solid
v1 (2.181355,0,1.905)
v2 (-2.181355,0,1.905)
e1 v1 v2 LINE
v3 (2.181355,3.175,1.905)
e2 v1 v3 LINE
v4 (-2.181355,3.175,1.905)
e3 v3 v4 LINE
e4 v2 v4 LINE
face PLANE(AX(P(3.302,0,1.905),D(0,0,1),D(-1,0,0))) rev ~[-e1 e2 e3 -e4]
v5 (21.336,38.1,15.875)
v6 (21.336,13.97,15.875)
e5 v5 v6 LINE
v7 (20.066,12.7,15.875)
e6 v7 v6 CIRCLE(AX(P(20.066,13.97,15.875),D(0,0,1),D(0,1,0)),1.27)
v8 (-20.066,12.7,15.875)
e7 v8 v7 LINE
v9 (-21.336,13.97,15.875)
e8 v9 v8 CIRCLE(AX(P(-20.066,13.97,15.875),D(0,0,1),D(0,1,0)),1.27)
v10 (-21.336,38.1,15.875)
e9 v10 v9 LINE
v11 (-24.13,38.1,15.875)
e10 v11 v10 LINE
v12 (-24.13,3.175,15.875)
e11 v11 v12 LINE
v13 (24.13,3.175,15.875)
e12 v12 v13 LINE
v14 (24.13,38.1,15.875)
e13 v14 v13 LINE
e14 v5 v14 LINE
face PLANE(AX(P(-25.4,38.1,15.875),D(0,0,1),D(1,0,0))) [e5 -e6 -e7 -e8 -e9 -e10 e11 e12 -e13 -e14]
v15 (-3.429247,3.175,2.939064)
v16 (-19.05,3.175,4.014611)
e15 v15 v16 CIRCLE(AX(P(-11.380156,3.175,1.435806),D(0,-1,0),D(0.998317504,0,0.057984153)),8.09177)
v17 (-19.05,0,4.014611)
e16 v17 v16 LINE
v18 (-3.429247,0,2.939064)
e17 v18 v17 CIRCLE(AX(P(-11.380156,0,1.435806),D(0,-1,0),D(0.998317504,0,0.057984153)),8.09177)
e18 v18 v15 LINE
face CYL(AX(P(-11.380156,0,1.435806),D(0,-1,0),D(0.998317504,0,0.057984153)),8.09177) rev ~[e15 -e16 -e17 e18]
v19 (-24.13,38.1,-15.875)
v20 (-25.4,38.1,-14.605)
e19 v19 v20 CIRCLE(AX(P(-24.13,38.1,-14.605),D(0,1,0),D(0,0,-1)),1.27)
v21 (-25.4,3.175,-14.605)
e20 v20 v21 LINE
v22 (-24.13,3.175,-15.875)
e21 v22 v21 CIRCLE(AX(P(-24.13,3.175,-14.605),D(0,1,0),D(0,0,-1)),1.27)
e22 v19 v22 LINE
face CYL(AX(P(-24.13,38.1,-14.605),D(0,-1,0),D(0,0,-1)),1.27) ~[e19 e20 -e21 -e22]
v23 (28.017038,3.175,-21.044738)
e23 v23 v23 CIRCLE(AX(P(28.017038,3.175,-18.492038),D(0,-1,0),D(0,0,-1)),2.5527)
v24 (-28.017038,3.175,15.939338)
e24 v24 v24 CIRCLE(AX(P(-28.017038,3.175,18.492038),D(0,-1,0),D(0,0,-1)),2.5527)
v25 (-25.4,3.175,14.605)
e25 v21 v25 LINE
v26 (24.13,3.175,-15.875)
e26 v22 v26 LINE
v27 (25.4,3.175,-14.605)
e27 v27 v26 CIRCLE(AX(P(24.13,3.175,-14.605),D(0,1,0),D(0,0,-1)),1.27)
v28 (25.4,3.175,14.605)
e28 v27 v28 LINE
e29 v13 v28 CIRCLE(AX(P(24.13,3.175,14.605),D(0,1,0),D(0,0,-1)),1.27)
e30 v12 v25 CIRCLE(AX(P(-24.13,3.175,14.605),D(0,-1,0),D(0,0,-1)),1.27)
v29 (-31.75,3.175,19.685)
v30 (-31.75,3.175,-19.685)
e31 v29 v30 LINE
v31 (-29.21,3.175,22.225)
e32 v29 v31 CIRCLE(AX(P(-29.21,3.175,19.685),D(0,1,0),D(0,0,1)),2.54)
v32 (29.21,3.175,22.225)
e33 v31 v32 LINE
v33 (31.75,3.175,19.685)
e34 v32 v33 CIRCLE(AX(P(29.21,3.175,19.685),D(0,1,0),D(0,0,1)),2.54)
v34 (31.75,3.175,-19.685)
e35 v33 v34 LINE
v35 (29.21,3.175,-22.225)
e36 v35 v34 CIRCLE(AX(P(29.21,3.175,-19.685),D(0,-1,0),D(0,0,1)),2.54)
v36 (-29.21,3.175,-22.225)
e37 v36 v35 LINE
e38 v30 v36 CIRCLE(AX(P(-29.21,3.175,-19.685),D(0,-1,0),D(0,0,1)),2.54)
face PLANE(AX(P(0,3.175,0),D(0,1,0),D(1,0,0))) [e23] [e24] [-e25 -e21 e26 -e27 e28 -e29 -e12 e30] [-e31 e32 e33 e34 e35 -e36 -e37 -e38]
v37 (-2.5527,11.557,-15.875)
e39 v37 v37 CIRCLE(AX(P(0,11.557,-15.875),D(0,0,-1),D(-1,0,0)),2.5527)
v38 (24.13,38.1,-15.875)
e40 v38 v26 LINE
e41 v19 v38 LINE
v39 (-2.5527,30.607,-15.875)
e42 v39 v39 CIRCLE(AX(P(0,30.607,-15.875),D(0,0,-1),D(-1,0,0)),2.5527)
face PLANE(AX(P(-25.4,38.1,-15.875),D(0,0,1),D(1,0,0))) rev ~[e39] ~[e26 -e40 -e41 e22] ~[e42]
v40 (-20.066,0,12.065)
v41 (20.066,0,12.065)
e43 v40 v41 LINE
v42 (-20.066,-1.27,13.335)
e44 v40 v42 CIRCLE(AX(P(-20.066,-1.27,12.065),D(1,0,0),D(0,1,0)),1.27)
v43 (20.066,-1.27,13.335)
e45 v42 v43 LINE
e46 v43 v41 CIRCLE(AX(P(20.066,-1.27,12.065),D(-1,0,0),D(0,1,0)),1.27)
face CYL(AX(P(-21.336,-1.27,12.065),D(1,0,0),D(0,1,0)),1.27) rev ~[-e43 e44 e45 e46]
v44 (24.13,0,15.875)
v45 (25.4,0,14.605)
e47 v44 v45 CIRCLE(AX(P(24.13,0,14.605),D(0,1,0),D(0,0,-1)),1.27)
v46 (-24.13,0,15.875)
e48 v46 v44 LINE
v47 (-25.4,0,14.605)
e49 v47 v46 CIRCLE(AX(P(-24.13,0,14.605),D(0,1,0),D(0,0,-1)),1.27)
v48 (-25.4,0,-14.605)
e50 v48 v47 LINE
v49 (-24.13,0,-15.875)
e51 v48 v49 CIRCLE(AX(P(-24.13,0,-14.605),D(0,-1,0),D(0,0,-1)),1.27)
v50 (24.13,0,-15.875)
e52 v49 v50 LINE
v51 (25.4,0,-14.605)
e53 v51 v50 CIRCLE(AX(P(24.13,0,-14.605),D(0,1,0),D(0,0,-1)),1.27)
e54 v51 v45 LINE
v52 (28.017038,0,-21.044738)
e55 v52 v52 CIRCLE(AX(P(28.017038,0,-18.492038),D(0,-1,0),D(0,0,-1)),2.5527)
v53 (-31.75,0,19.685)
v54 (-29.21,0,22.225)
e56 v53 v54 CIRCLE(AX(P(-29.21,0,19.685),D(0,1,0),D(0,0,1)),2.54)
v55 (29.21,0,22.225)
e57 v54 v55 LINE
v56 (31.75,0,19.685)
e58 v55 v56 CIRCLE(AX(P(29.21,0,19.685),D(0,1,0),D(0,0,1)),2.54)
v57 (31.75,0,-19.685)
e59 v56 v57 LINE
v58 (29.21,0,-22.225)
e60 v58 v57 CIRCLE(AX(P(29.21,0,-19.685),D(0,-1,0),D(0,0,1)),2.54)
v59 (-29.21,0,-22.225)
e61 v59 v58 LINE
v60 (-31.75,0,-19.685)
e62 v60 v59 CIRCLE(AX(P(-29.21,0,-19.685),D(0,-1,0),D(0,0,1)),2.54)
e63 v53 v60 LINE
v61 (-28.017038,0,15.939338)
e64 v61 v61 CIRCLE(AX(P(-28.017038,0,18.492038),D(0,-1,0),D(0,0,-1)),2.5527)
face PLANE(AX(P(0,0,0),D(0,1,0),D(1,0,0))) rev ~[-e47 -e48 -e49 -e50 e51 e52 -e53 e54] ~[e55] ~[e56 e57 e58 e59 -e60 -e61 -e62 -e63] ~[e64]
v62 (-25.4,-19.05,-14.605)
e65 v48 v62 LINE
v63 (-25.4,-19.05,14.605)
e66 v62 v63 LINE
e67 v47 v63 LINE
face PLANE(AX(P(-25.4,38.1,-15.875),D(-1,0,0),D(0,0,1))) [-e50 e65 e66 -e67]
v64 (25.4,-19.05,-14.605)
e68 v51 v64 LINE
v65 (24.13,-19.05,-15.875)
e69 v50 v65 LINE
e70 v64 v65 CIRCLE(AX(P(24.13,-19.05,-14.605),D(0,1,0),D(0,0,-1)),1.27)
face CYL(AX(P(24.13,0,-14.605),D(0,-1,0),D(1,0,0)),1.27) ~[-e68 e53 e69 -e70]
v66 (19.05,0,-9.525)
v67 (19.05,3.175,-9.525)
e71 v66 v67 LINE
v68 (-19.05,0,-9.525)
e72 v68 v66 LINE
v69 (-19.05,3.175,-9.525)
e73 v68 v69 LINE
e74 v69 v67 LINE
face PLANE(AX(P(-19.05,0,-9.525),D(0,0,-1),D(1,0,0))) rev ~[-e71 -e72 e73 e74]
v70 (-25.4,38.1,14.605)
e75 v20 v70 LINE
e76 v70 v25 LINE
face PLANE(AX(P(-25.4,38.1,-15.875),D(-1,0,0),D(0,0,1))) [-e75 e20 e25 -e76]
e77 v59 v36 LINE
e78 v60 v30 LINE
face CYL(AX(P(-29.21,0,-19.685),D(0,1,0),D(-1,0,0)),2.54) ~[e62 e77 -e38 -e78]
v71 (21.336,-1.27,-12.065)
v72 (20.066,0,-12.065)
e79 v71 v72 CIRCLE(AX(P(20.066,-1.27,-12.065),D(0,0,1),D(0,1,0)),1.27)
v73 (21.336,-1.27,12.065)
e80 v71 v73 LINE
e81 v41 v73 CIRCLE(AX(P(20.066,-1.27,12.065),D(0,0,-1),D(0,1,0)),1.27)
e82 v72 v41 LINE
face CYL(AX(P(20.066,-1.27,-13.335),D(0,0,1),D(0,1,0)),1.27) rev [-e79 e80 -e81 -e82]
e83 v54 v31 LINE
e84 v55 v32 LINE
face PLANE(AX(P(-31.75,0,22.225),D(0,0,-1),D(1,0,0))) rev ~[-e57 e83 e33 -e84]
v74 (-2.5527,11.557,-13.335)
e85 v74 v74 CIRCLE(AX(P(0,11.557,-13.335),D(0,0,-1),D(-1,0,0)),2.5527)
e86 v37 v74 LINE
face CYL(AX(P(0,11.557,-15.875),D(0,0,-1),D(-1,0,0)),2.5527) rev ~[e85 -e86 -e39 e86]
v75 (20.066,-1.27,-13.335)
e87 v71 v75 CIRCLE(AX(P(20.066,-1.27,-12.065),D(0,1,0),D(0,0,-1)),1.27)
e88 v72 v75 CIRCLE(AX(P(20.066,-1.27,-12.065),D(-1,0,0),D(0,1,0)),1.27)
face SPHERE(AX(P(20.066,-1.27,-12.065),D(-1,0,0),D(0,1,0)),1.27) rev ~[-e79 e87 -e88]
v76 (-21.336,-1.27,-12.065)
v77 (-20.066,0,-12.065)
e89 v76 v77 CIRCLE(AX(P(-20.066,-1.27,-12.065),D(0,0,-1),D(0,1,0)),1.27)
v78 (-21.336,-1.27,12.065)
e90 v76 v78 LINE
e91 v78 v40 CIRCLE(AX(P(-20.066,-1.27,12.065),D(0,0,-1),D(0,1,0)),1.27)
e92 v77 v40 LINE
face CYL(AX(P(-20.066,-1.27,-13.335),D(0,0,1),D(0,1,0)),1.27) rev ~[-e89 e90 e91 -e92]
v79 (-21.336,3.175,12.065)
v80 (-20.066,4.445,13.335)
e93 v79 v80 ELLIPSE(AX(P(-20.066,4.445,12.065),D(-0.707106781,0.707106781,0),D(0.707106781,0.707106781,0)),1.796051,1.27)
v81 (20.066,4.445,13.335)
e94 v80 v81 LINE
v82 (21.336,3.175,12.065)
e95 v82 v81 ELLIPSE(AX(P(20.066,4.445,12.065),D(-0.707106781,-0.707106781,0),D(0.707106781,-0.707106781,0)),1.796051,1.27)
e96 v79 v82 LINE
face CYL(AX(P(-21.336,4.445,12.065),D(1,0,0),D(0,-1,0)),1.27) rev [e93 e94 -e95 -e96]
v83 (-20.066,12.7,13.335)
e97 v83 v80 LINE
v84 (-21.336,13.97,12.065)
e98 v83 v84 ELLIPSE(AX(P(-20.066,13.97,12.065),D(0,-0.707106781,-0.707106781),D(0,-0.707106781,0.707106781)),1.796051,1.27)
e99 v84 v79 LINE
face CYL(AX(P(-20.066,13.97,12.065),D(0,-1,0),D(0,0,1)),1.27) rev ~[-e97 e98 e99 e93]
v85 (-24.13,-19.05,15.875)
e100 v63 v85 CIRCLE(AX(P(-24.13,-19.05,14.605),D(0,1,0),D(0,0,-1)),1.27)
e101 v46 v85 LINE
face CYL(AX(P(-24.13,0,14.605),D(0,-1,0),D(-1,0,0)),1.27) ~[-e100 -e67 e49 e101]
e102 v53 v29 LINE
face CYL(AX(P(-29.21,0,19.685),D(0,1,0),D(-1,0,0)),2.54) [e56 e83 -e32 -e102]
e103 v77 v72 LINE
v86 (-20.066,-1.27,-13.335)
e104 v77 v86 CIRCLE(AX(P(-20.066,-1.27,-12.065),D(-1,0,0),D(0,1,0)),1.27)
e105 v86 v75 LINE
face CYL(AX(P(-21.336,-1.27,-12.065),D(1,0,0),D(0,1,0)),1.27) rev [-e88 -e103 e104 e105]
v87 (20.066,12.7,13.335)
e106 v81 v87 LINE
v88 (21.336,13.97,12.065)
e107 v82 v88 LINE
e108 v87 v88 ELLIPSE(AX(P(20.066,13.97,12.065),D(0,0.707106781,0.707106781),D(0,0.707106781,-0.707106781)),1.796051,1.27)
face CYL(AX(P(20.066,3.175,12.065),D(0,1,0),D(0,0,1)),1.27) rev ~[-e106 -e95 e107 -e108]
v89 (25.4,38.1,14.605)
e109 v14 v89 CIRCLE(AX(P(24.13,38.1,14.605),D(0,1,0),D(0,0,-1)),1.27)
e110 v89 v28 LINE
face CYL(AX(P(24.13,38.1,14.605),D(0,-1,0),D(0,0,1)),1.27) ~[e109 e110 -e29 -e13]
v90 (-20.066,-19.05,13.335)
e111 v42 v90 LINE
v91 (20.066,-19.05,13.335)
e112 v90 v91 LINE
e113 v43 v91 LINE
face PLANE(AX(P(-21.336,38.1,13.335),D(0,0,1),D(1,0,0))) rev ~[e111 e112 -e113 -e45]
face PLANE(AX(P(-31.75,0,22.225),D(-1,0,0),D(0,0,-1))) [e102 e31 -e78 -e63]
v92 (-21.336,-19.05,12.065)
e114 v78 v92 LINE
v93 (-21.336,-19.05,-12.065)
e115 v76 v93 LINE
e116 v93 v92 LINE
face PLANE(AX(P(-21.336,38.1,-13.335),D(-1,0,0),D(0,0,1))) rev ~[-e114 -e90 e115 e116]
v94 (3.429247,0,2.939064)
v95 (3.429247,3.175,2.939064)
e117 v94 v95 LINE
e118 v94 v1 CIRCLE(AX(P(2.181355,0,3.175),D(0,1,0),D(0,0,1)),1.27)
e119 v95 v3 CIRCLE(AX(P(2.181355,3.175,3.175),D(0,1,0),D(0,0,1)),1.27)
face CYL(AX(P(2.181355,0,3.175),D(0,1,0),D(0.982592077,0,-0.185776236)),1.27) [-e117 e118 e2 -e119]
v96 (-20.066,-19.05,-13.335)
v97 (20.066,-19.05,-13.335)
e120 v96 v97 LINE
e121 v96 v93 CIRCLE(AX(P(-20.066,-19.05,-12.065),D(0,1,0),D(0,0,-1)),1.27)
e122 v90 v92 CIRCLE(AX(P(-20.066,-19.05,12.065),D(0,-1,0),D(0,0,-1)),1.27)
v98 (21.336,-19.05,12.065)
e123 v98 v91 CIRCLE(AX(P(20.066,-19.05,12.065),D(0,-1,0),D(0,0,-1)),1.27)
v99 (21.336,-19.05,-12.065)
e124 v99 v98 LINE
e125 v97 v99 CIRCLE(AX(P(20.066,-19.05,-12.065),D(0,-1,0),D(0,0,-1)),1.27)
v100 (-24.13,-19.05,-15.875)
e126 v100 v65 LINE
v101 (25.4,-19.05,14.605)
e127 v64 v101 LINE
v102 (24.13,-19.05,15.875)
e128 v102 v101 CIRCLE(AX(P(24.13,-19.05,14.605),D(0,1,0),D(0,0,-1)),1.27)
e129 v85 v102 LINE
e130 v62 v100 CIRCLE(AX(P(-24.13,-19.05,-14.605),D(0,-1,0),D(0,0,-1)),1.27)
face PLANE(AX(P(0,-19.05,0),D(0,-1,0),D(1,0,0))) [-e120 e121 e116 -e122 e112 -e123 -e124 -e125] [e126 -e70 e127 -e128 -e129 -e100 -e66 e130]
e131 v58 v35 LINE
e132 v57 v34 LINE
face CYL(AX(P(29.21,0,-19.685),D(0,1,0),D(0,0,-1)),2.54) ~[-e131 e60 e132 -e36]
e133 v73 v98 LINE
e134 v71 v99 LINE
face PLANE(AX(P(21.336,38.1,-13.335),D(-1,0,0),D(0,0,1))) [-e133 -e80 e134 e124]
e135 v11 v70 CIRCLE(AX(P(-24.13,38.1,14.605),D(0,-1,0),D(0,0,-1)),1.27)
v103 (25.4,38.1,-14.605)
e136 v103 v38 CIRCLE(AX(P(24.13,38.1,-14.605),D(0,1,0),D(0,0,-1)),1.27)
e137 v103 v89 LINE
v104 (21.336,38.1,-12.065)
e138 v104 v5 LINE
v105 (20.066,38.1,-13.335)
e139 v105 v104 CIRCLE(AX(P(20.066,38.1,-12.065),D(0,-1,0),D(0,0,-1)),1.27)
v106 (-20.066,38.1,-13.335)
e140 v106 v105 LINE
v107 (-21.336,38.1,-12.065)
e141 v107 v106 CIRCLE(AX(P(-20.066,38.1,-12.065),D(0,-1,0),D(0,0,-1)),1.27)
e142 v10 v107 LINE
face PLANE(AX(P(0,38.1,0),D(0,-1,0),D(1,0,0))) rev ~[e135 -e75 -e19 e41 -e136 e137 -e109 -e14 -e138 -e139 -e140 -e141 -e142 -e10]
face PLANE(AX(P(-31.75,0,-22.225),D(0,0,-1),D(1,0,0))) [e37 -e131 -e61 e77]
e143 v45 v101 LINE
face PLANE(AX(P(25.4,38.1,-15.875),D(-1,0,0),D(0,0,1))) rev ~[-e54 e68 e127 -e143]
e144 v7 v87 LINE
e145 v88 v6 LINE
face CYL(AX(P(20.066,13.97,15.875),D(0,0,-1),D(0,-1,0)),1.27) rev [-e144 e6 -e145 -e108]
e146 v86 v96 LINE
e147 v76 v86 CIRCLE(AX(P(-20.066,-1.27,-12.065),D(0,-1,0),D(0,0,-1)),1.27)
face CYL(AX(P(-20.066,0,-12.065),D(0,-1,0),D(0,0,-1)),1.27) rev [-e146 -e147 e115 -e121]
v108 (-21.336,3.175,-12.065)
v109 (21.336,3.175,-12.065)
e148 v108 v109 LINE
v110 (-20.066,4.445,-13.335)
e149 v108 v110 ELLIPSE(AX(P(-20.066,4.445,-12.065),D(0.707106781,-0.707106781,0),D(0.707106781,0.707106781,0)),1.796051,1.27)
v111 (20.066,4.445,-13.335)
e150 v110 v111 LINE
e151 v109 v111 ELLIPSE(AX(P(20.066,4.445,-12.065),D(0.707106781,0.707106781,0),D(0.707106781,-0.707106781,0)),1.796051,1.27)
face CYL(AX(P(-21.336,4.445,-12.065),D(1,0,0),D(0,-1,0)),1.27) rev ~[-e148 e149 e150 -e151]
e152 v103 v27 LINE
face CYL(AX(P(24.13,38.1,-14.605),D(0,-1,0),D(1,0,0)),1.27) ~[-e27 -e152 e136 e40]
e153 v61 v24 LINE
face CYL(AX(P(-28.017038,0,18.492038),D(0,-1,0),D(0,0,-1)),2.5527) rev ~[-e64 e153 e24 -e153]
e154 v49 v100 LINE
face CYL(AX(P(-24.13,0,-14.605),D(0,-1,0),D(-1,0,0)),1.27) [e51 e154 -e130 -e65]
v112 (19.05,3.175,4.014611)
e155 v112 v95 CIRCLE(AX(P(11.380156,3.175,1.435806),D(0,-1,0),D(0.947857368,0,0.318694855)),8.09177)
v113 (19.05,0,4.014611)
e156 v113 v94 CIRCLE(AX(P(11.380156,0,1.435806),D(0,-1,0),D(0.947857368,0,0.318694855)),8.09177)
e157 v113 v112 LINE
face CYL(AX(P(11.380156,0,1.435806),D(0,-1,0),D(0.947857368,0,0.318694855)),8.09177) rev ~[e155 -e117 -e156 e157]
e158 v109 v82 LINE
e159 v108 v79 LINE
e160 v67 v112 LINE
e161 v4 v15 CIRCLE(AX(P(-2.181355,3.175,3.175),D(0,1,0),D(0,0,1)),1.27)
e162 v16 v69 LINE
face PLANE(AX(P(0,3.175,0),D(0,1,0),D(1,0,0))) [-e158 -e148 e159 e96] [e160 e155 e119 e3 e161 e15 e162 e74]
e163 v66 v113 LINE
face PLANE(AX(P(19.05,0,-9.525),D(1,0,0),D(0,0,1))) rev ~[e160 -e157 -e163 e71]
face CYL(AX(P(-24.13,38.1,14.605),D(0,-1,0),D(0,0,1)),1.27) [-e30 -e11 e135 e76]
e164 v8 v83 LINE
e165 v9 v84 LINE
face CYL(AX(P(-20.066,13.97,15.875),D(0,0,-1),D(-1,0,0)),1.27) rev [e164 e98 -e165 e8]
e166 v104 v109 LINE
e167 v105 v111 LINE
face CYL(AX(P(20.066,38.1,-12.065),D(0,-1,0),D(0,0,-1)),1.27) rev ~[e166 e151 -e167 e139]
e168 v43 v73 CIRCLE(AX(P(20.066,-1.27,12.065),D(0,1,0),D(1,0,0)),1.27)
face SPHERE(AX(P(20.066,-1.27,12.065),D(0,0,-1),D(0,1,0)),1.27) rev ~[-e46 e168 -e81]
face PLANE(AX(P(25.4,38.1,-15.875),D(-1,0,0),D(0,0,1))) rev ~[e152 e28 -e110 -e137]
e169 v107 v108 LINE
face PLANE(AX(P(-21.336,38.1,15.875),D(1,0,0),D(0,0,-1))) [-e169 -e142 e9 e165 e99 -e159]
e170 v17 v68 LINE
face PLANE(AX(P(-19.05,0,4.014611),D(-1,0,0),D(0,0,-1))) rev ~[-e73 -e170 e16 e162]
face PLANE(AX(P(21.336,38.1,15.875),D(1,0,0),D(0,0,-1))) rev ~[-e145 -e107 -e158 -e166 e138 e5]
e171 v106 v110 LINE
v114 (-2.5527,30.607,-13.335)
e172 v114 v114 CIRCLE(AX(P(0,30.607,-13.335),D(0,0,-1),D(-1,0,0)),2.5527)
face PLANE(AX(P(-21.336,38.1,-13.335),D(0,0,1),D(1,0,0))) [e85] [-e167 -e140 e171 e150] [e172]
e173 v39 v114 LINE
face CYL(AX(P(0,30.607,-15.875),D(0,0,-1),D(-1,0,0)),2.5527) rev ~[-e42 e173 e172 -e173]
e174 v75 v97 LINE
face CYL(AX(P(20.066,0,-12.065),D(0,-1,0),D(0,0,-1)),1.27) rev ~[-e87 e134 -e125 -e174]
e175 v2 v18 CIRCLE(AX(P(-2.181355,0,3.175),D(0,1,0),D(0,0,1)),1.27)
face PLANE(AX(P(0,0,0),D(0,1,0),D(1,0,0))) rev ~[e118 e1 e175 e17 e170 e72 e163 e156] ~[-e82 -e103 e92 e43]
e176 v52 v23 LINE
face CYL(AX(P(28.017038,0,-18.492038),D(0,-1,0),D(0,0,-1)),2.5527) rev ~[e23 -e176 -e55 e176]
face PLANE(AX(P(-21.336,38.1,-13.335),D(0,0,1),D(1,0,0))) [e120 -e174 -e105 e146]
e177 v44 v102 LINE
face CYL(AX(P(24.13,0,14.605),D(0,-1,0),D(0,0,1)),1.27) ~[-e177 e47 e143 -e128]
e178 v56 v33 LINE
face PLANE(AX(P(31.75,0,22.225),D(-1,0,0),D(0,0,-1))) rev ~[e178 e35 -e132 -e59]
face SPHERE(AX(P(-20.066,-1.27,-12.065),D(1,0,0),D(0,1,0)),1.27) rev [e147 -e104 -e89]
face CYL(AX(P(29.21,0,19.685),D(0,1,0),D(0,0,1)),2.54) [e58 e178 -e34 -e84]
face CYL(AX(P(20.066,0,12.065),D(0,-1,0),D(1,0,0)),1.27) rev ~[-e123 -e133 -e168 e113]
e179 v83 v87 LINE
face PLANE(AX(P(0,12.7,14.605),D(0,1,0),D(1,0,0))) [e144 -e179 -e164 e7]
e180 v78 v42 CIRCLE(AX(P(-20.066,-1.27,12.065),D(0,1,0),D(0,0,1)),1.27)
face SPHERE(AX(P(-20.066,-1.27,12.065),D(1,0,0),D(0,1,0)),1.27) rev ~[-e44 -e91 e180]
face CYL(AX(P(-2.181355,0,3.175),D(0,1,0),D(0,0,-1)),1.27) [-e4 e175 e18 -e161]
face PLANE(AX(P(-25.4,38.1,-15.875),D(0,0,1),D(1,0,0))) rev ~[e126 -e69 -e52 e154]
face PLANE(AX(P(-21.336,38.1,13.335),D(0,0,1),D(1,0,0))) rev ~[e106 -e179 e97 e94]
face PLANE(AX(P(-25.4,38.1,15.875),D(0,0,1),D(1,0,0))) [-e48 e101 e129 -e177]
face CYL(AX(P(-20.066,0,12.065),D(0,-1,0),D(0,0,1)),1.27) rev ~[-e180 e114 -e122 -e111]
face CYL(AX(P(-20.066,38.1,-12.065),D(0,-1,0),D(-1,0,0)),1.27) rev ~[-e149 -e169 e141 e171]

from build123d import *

# Parameters (mm, degrees)
SKETCH1_W                = 63.5
SKETCH1_H                = 44.45
BOSS_EXTRUDE1_DEPTH      = 3.175
FILLET3_R                = 2.54
BOSS_EXTRUDE3_DEPTH      = 19.05
BOSS_EXTRUDE3_DEPTH_BACK = 38.1
SKETCH3_W                = 50.8
SKETCH3_H                = 31.75
SKETCH3_W_2              = 42.672
SKETCH3_H_2              = 26.67
FILLET4_R                = 1.27
SKETCH4_W                = 42.672
SKETCH4_H                = 2.54
CUT_EXTRUDE1_DEPTH       = 25.4
FILLET5_R                = 1.27
FILLET6_R                = 1.27
CUT_EXTRUDE2_REACH       = 64.54
SKETCH5_R                = 2.5527
CUT_EXTRUDE3_REACH       = 56.347
SKETCH6_R                = 2.5527
FILLET7_R                = 1.27


with BuildPart() as part:
    # Sketch1 → Boss-Extrude1 (new body)
    with BuildSketch(Plane(origin=(0, 0, 0), x_dir=(1, 0, 0), z_dir=(0, 1, 0))):
        Rectangle(SKETCH1_W, SKETCH1_H)
        with BuildLine():
            Line((-19.05, -4.014611111), (-19.05, 9.525))
            Line((-19.05, 9.525), (19.05, 9.525))
            Line((19.05, 9.525), (19.05, -4.014611111))
            ThreePointArc((19.05, -4.014611111), (10.305774977, -9.455933485), (3.302, -1.905))
            Line((3.302, -1.905), (-3.302, -1.905))
            ThreePointArc((-3.302, -1.905), (-10.305774977, -9.455933485), (-19.05, -4.014611111))
        make_face(mode=Mode.SUBTRACT)
    extrude(amount=BOSS_EXTRUDE1_DEPTH)

    # Fillet3
    fillet3_edges = [part.edges().sort_by_distance(p)[0] for p in [
        (-31.75, 1.5875, 22.225),
        (-31.75, 1.5875, -22.225),
        (31.75, 1.5875, -22.225),
        (31.75, 1.5875, 22.225),
    ]]
    fillet(fillet3_edges, radius=FILLET3_R)

    # Sketch3 → Boss-Extrude3 (add, two sides: drawn at the far end of the back side and taken through both)
    with BuildSketch(Plane.XZ.offset(-BOSS_EXTRUDE3_DEPTH_BACK)):
        Rectangle(SKETCH3_W, SKETCH3_H)
        Rectangle(SKETCH3_W_2, SKETCH3_H_2, mode=Mode.SUBTRACT)
    extrude(amount=BOSS_EXTRUDE3_DEPTH + BOSS_EXTRUDE3_DEPTH_BACK)

    # Fillet4
    fillet4_edges = [part.edges().sort_by_distance(p)[0] for p in [
        (0, 0, -13.335),
        (21.336, 0, 0),
        (0, 0, 13.335),
        (-21.336, 0, 0),
        (-25.4, -9.525, -15.875),
        (-25.4, -9.525, 15.875),
        (25.4, -9.525, 15.875),
        (25.4, -9.525, -15.875),
        (-21.336, -9.525, 13.335),
        (21.336, -9.525, 13.335),
        (21.336, -9.525, -13.335),
        (-21.336, -9.525, -13.335),
    ]]
    fillet(fillet4_edges, radius=FILLET4_R)

    # Sketch4 → Cut-Extrude1 (cut)
    with BuildSketch(Plane(origin=(0, 38.1, 0), x_dir=(1, 0, 0), z_dir=(0, 1, 0))):
        with Locations((0, -14.605)):
            Rectangle(SKETCH4_W, SKETCH4_H)
    extrude(amount=-CUT_EXTRUDE1_DEPTH, mode=Mode.SUBTRACT)

    # Fillet5
    fillet5_edges = [part.edges().sort_by_distance(p)[0] for p in [
        (21.336, 12.7, 14.605),
        (-21.336, 12.7, 14.605),
        (-3.302, 1.5875, 1.905),
        (3.302, 1.5875, 1.905),
        (0, 3.175, -13.335),
        (21.336, 20.6375, -13.335),
        (-21.336, 20.6375, -13.335),
    ]]
    fillet(fillet5_edges, radius=FILLET5_R)

    # Fillet6
    fillet6_edges = [part.edges().sort_by_distance(p)[0] for p in [
        (0, 3.175, 13.335),
        (-21.336, 8.5725, 13.335),
        (21.336, 8.5725, 13.335),
    ]]
    fillet(fillet6_edges, radius=FILLET6_R)

    # Sketch5 → Cut-Extrude2 (cut, up to next)
    with BuildSketch(Plane(origin=(0, 0, -15.875), x_dir=(-1, 0, 0), z_dir=(0, 0, -1)), mode=Mode.PRIVATE) as cut_extrude2_sk1:
        with Locations((0, 11.557)):
            Circle(SKETCH5_R)
    cut_extrude2_tool1 = extrude(cut_extrude2_sk1.sketch, amount=-CUT_EXTRUDE2_REACH, mode=Mode.PRIVATE) & part.part
    # Sketch5 → Cut-Extrude2 (cut, up to next)
    with BuildSketch(Plane(origin=(0, 0, -15.875), x_dir=(-1, 0, 0), z_dir=(0, 0, -1)), mode=Mode.PRIVATE) as cut_extrude2_sk2:
        with Locations((0, 30.607)):
            Circle(SKETCH5_R)
    cut_extrude2_tool2 = extrude(cut_extrude2_sk2.sketch, amount=-CUT_EXTRUDE2_REACH, mode=Mode.PRIVATE) & part.part
    add(cut_extrude2_tool1.solids().sort_by_distance((0, 11.557, -15.875))[0], mode=Mode.SUBTRACT)
    add(cut_extrude2_tool2.solids().sort_by_distance((0, 30.607, -15.875))[0], mode=Mode.SUBTRACT)

    # Sketch6 → Cut-Extrude3 (cut, up to next)
    with BuildSketch(Plane.XZ, mode=Mode.PRIVATE) as cut_extrude3_sk1:
        with Locations(Location((28.017038418, -18.492038418, 0), (0, 0, 270))):
            Circle(SKETCH6_R)
    cut_extrude3_tool1 = extrude(cut_extrude3_sk1.sketch, amount=-CUT_EXTRUDE3_REACH, mode=Mode.PRIVATE) & part.part
    # Sketch6 → Cut-Extrude3 (cut, up to next)
    with BuildSketch(Plane.XZ, mode=Mode.PRIVATE) as cut_extrude3_sk2:
        with Locations(Location((-28.017038418, 18.492038418, 0), (0, 0, 270))):
            Circle(SKETCH6_R)
    cut_extrude3_tool2 = extrude(cut_extrude3_sk2.sketch, amount=-CUT_EXTRUDE3_REACH, mode=Mode.PRIVATE) & part.part
    add(cut_extrude3_tool1.solids().sort_by_distance((28.017038, 0, -18.492038))[0], mode=Mode.SUBTRACT)
    add(cut_extrude3_tool2.solids().sort_by_distance((-28.017038, 0, 18.492038))[0], mode=Mode.SUBTRACT)

    # Fillet7
    fillet7_edges = [part.edges().sort_by_distance(p)[0] for p in [
        (-25.4, 20.6375, -15.875),
        (-25.4, 20.6375, 15.875),
        (25.4, 20.6375, 15.875),
        (25.4, 20.6375, -15.875),
    ]]
    fillet(fillet7_edges, radius=FILLET7_R)


solid = part.part
